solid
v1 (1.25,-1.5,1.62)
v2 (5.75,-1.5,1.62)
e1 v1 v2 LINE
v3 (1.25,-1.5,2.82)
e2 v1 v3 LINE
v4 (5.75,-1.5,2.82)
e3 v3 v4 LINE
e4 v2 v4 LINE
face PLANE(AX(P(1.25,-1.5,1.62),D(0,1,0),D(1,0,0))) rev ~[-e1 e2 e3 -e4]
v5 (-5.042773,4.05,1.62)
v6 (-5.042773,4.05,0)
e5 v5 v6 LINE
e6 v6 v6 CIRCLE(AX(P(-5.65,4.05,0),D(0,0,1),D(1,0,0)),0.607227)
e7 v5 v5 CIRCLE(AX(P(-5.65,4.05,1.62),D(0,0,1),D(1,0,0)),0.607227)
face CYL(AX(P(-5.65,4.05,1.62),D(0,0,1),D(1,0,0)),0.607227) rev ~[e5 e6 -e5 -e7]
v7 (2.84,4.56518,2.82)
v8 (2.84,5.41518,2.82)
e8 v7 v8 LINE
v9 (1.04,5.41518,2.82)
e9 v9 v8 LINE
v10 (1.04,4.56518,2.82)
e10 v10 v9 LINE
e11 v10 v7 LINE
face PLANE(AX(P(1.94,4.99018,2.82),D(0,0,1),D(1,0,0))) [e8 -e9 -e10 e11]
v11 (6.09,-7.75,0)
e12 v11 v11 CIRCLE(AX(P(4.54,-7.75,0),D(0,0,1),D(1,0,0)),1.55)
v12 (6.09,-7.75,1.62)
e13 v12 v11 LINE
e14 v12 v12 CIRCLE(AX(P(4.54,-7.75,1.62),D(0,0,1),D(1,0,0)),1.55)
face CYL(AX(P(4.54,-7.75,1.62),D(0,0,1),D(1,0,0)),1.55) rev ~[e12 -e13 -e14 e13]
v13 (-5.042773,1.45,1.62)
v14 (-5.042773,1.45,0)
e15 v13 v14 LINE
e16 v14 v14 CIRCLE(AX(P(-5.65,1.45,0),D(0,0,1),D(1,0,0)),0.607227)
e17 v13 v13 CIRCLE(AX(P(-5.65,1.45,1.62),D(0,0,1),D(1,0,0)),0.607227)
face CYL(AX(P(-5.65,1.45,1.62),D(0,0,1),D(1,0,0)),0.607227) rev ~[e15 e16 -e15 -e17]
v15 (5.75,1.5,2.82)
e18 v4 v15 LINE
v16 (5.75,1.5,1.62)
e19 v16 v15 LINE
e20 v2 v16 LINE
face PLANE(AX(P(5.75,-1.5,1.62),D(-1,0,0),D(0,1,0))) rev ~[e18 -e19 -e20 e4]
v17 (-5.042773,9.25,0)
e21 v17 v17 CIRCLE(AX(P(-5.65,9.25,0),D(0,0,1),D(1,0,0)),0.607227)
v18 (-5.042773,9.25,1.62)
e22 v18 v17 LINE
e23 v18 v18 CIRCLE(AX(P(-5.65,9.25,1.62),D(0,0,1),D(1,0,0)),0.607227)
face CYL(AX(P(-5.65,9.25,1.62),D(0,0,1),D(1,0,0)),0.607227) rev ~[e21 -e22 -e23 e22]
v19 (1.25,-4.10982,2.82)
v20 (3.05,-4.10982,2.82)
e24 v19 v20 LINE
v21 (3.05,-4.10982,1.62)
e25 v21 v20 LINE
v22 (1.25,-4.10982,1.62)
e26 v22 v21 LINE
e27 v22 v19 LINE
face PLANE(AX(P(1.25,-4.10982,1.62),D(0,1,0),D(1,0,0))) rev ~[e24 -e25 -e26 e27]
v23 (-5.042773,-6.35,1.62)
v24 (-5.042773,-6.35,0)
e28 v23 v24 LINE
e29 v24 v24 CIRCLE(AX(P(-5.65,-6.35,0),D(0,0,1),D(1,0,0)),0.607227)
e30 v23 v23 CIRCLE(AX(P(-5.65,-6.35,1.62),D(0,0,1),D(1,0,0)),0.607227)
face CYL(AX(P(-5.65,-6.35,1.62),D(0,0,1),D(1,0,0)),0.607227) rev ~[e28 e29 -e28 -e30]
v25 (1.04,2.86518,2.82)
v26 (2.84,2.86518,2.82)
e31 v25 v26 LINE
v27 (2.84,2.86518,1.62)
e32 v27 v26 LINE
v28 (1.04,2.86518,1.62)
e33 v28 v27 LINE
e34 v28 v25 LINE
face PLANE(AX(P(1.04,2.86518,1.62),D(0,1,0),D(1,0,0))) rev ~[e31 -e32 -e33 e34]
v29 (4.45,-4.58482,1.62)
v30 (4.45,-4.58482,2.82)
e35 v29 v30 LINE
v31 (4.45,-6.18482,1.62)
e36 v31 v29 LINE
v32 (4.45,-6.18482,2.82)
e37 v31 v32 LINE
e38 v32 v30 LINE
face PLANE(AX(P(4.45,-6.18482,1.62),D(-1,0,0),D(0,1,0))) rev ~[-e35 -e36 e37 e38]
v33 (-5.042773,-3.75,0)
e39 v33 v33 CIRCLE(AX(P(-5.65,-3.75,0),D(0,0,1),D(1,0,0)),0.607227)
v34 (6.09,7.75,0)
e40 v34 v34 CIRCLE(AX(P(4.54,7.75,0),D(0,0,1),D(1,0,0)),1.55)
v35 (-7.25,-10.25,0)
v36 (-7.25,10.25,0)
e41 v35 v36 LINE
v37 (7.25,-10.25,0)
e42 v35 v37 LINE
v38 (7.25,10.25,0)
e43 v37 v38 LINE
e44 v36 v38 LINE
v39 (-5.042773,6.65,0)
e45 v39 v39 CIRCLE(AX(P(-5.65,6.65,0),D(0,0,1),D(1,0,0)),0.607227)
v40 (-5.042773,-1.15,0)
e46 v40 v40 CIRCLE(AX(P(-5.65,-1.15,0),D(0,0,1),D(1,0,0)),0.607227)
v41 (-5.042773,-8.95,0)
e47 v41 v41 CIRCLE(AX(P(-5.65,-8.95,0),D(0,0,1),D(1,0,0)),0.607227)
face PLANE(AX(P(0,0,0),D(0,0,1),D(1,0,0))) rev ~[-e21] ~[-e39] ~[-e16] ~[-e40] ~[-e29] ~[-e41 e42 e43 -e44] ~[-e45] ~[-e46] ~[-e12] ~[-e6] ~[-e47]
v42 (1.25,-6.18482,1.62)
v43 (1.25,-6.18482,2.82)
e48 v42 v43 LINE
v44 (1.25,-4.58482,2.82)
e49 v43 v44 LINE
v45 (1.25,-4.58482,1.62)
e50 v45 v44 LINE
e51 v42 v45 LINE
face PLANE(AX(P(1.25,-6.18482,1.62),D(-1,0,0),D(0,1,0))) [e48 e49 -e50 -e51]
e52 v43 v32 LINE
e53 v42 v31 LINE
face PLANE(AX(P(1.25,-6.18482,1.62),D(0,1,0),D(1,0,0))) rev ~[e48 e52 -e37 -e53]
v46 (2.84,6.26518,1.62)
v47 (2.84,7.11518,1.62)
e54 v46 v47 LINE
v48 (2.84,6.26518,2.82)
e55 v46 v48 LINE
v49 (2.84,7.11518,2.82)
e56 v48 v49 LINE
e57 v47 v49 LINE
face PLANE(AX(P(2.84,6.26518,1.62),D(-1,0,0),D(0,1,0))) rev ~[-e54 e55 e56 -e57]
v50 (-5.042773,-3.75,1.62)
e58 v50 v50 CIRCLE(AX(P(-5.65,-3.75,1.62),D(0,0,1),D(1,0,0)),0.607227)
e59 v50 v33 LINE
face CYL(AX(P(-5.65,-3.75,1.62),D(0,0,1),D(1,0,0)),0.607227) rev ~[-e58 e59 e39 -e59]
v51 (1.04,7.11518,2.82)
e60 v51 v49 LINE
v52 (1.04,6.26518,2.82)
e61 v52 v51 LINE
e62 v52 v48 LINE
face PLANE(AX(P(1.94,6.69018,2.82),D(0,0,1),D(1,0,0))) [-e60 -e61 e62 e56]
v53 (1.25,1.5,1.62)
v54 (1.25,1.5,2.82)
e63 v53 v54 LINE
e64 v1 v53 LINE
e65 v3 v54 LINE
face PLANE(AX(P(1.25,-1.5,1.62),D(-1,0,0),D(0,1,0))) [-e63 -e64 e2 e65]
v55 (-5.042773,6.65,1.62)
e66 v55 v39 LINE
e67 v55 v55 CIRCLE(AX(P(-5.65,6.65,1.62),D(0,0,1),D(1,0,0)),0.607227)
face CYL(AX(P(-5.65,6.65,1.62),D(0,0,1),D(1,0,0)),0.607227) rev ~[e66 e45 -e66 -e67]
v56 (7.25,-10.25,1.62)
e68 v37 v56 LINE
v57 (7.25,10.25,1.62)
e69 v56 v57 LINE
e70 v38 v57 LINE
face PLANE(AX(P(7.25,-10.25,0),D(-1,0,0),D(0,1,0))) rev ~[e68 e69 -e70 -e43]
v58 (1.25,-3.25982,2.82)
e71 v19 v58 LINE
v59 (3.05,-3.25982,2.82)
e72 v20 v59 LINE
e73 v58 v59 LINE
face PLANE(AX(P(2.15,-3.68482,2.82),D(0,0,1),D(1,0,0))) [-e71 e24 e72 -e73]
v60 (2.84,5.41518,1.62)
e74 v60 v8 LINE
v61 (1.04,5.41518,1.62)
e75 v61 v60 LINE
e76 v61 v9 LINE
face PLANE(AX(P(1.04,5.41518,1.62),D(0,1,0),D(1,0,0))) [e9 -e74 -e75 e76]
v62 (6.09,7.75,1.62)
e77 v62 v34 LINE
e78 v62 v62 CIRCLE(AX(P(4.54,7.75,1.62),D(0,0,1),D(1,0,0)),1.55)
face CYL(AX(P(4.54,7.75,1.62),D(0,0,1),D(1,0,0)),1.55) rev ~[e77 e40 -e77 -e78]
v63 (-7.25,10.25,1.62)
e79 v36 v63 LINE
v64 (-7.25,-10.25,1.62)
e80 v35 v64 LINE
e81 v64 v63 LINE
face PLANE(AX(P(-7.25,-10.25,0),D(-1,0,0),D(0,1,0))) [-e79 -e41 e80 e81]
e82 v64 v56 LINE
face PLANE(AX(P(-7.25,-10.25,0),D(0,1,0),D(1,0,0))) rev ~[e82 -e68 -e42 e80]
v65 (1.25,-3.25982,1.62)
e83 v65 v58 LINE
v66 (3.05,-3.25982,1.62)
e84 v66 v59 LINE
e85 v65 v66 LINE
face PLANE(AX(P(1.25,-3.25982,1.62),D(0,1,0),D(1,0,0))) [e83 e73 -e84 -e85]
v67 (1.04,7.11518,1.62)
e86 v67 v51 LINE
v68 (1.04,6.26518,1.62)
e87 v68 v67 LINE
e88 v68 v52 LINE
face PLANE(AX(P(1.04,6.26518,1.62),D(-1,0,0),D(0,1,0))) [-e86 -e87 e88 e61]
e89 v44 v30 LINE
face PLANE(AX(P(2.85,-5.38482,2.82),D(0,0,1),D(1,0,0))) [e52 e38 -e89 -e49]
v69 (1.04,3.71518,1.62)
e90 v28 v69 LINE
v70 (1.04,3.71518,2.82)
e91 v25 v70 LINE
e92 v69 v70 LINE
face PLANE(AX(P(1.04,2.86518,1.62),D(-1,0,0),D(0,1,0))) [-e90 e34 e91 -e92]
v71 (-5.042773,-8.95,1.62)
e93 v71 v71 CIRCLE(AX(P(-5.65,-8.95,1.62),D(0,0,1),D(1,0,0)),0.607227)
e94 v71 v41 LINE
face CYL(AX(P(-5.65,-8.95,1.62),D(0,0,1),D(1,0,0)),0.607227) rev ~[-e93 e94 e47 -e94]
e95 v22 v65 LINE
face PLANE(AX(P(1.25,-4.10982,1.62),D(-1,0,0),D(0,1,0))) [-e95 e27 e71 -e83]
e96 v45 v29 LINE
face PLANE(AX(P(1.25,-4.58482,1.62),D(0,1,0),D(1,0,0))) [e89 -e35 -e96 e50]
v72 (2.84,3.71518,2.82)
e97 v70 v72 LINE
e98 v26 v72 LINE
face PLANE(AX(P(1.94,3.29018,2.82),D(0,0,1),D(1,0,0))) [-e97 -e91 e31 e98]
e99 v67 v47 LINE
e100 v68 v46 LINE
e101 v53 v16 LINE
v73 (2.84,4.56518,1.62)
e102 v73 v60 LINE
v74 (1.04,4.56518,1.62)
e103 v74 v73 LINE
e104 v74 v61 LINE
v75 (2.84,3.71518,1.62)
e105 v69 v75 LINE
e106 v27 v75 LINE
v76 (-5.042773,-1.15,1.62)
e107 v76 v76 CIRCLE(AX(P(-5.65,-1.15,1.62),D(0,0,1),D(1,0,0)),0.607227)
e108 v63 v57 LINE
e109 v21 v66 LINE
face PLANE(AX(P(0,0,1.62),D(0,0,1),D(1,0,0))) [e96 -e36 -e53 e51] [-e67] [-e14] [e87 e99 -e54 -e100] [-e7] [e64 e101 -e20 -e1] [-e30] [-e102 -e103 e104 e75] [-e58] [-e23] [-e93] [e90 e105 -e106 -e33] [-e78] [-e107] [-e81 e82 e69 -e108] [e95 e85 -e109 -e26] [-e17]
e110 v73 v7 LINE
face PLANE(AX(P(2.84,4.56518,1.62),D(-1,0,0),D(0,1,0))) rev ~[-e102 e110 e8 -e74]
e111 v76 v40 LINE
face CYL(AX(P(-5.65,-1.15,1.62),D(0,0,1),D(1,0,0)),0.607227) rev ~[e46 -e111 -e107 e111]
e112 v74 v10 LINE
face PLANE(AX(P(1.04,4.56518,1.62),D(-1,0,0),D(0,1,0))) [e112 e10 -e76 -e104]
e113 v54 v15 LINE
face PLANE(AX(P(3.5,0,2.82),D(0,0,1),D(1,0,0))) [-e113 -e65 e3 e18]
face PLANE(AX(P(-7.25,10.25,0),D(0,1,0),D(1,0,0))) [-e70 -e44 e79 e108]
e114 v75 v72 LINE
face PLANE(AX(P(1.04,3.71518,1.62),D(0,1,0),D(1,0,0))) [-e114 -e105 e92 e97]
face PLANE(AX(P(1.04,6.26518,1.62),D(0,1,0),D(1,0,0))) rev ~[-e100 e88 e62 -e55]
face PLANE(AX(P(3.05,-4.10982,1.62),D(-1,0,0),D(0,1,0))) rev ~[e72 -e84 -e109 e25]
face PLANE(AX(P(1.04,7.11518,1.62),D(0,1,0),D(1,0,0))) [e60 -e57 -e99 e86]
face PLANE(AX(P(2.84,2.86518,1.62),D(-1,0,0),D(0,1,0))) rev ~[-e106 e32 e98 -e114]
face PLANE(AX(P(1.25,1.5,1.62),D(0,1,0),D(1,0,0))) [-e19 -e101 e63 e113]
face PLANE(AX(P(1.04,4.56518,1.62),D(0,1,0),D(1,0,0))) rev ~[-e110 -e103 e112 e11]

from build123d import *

# Parameters (mm, degrees)
SKETCH1_W           = 14.5
SKETCH1_H           = 20.5
BOSS_EXTRUDE1_DEPTH = 1.62
SKETCH2_R           = 1.55
CUT_EXTRUDE1_DEPTH  = 1.62
SKETCH3_W           = 1.8
SKETCH3_H           = 0.85
SKETCH3_W_2         = 4.5
SKETCH3_H_2         = 3
SKETCH3_W_3         = 3.2
SKETCH3_H_3         = 1.6
BOSS_EXTRUDE2_DEPTH = 1.2
SKETCH4_R           = 0.607226872
CUT_EXTRUDE2_DEPTH  = 13.658965203


with BuildPart() as part:
    # Sketch1 → Boss-Extrude1 (new body)
    with BuildSketch(Plane.XY):
        Rectangle(SKETCH1_W, SKETCH1_H)
    extrude(amount=BOSS_EXTRUDE1_DEPTH)

    # Sketch2 → Cut-Extrude1 (cut)
    with BuildSketch(Plane.XY.offset(1.62)):
        with Locations((4.54, 7.75)):
            Circle(SKETCH2_R)
        with Locations((4.54, -7.75)):
            Circle(SKETCH2_R)
    extrude(amount=-CUT_EXTRUDE1_DEPTH, mode=Mode.SUBTRACT)

    # Sketch3 → Boss-Extrude2 (add)
    with BuildSketch(Plane.XY.offset(1.62)):
        with Locations((1.94, 6.69017984)):
            Rectangle(SKETCH3_W, SKETCH3_H)
        with Locations((1.94, 4.99017984)):
            Rectangle(SKETCH3_W, SKETCH3_H)
        with Locations((1.94, 3.29017984)):
            Rectangle(SKETCH3_W, SKETCH3_H)
        with Locations((3.5, 0)):
            Rectangle(SKETCH3_W_2, SKETCH3_H_2)
        with Locations((2.15, -3.68482016)):
            Rectangle(SKETCH3_W, SKETCH3_H)
        with Locations((2.85, -5.38482016)):
            Rectangle(SKETCH3_W_3, SKETCH3_H_3)
    extrude(amount=BOSS_EXTRUDE2_DEPTH)

    # Sketch4 → Cut-Extrude2 (cut, through all)
    with BuildSketch(Plane.XY.offset(1.62)):
        with Locations((-5.65, 9.25)):
            Circle(SKETCH4_R)
        with Locations((-5.65, 6.65)):
            Circle(SKETCH4_R)
        with Locations((-5.65, 4.05)):
            Circle(SKETCH4_R)
        with Locations((-5.65, 1.45)):
            Circle(SKETCH4_R)
        with Locations((-5.65, -1.15)):
            Circle(SKETCH4_R)
        with Locations((-5.65, -3.75)):
            Circle(SKETCH4_R)
        with Locations((-5.65, -6.35)):
            Circle(SKETCH4_R)
        with Locations((-5.65, -8.95)):
            Circle(SKETCH4_R)
        with Locations((-5.65, -11.55)):
            Circle(SKETCH4_R)
        with Locations((-5.65, -14.15)):
            Circle(SKETCH4_R)
    extrude(amount=-CUT_EXTRUDE2_DEPTH, mode=Mode.SUBTRACT)


solid = part.part
